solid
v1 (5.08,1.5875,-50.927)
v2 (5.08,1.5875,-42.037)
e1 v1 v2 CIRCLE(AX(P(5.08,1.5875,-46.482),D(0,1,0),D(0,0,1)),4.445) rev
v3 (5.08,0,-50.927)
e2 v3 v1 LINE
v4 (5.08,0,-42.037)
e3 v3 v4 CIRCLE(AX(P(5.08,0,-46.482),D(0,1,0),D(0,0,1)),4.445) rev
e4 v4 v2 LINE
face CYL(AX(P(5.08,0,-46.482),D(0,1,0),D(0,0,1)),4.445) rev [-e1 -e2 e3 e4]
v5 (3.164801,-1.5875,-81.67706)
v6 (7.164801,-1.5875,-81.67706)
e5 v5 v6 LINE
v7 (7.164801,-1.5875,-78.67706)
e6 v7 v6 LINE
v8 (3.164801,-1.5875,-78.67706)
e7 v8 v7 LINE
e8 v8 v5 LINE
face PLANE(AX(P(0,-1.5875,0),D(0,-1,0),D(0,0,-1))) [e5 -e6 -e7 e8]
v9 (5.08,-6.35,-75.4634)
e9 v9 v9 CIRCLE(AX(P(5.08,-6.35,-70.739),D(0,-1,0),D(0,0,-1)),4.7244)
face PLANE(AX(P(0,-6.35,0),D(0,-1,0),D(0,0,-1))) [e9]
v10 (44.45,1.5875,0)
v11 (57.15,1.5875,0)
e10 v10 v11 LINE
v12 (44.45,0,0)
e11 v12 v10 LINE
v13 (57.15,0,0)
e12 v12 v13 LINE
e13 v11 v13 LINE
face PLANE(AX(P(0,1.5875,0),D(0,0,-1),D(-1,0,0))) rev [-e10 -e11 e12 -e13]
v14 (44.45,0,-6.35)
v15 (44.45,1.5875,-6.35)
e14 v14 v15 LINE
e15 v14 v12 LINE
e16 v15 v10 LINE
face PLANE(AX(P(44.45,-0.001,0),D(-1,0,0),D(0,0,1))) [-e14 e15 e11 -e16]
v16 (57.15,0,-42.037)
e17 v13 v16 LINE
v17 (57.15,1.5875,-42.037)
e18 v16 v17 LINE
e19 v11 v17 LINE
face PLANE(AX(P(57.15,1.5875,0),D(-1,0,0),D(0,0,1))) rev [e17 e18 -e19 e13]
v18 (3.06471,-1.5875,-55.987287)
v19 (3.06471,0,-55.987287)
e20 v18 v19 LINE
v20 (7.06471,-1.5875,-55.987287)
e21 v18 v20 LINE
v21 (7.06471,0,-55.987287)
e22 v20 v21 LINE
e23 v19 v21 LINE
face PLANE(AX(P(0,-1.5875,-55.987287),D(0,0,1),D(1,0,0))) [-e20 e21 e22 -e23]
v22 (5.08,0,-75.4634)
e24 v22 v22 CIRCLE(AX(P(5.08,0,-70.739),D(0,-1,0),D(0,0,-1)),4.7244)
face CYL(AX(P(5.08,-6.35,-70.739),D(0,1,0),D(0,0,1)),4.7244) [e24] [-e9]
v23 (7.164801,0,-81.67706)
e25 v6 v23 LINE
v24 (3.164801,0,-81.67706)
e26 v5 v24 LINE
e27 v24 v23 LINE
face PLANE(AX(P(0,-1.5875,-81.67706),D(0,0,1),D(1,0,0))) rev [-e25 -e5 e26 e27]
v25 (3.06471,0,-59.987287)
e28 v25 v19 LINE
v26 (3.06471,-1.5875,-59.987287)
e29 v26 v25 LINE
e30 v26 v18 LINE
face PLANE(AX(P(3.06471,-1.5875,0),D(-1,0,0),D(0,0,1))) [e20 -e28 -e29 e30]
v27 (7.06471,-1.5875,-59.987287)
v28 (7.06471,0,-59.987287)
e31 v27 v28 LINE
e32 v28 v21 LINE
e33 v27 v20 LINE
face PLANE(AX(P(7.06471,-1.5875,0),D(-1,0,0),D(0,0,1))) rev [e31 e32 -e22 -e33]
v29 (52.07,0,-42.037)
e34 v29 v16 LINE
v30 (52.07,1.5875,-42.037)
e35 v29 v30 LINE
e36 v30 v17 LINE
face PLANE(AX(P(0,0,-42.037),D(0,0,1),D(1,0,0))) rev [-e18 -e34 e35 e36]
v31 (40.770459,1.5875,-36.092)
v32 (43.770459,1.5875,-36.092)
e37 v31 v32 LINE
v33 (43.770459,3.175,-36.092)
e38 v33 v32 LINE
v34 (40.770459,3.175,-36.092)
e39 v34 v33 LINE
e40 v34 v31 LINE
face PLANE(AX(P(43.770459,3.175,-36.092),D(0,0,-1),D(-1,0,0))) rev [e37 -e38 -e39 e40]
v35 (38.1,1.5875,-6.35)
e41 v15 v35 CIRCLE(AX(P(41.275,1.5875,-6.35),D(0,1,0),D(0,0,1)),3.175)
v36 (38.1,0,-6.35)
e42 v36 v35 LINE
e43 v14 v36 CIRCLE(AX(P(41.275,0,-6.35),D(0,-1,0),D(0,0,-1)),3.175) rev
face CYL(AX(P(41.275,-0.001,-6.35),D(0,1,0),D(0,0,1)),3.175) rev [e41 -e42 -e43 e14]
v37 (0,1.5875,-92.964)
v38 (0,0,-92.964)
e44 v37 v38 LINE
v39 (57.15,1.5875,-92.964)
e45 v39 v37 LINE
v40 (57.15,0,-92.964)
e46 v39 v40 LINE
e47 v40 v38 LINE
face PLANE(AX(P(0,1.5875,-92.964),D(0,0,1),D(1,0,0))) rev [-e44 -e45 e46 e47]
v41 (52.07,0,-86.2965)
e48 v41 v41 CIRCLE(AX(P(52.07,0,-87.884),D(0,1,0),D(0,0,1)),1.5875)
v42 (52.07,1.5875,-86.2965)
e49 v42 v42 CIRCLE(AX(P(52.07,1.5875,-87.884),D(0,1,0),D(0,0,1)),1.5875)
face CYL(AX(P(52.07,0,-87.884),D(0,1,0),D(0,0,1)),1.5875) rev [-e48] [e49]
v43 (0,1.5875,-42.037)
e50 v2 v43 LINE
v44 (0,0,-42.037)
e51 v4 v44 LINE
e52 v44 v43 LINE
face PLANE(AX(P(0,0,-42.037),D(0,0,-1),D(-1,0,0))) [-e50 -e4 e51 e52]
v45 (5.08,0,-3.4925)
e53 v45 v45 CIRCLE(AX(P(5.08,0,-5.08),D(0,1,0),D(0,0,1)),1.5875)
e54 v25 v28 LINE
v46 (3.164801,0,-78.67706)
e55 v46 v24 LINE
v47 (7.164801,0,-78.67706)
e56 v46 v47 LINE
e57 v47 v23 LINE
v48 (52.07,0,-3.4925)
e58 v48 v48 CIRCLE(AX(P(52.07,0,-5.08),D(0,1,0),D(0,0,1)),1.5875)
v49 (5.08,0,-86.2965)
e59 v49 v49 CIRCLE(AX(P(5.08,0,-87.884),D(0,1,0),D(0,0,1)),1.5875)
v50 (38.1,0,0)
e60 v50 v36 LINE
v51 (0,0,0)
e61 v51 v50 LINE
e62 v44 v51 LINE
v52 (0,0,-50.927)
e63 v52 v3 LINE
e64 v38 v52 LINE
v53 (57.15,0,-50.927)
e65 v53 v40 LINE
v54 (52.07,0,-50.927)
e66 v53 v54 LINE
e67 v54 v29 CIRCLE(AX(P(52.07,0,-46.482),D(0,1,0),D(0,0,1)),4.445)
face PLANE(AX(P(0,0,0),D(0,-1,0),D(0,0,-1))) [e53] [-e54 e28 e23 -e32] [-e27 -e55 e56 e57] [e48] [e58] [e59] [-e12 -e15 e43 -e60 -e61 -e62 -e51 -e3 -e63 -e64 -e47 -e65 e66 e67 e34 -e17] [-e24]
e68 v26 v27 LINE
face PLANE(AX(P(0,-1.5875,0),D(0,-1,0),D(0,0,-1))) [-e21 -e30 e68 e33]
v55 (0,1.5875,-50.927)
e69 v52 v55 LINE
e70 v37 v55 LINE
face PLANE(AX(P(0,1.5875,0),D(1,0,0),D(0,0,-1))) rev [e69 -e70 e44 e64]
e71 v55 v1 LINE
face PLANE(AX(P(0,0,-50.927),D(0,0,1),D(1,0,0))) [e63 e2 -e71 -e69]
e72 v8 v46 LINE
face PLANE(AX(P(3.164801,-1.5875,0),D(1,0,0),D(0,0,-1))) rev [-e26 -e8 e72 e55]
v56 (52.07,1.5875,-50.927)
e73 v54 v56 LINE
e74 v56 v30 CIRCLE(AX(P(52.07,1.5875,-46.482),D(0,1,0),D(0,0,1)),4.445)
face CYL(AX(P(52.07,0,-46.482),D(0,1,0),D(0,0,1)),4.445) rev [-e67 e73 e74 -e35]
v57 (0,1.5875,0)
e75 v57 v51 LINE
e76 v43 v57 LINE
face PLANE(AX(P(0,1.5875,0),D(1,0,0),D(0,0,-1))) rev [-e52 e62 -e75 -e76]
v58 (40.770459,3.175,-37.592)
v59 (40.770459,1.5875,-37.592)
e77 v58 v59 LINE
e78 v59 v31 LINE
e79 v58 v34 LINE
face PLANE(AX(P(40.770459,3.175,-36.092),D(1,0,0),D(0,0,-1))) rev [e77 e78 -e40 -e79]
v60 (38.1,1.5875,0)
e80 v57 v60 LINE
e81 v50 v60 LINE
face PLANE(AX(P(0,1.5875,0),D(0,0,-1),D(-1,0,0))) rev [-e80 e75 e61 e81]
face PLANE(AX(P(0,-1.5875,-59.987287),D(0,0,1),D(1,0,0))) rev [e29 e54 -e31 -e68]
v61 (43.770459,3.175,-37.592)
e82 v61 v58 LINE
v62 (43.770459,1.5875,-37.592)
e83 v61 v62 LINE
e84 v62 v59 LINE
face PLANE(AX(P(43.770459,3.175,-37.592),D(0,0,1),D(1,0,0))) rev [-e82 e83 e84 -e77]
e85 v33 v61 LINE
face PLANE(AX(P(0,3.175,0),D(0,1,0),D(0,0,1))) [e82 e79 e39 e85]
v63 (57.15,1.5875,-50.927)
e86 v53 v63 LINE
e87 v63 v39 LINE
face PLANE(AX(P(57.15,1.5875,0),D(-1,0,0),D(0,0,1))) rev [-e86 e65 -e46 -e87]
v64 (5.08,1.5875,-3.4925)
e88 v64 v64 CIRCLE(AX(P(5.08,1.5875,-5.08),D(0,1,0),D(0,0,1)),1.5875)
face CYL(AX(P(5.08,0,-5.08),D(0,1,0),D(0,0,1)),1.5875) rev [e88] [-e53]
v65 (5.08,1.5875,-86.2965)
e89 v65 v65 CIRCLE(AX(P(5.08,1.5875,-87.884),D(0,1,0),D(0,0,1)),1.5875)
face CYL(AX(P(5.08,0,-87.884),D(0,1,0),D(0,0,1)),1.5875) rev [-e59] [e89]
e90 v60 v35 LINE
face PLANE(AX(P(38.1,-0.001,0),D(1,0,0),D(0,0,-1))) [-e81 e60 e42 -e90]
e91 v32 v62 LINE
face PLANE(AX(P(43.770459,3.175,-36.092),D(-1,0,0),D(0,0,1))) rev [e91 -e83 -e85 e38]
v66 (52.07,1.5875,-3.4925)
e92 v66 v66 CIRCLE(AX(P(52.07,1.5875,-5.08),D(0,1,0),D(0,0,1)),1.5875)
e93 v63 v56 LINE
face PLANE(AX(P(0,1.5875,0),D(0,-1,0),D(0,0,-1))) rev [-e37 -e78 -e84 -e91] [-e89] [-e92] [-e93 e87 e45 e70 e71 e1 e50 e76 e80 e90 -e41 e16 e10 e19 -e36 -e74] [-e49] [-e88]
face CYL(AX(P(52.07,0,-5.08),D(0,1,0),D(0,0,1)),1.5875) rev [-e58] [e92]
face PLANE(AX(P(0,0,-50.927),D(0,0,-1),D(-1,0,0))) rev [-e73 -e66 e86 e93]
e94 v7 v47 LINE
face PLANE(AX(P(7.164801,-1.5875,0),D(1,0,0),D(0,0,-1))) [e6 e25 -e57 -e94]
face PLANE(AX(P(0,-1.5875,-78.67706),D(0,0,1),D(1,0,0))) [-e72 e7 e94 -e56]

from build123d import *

# Parameters (mm, degrees)
SKETCH1_W           = 57.15
SKETCH1_H           = 92.964
BOSS_EXTRUDE1_DEPTH = 1.5875
SKETCH2_R           = 1.5875
CUT_EXTRUDE1_DEPTH  = 110.137289467
SKETCH3_R           = 4.445
CUT_EXTRUDE2_DEPTH  = 110.137289467
CUT_EXTRUDE3_REACH  = 111.137
SKETCH5_R           = 4.7244
BOSS_EXTRUDE2_DEPTH = 6.35
SKETCH5_3_W         = 4
SKETCH5_3_H         = 4
SKETCH5_3_H_2       = 3
BOSS_EXTRUDE3_DEPTH = 1.5875
SKETCH7_W           = 3
SKETCH7_H           = 1.5
BOSS_EXTRUDE4_DEPTH = 1.5875


with BuildPart() as part:
    # Sketch1 → Boss-Extrude1 (new body)
    with BuildSketch(Plane(origin=(0, 0, 0), x_dir=(1, 0, 0), z_dir=(0, 1, 0))):
        with Locations((28.575, 46.482)):
            Rectangle(SKETCH1_W, SKETCH1_H)
    extrude(amount=BOSS_EXTRUDE1_DEPTH)

    # Sketch2 → Cut-Extrude1 (cut, through all)
    with BuildSketch(Plane(origin=(0, 1.5875, 0), x_dir=(1, 0, 0), z_dir=(0, 1, 0))):
        with Locations(Location((5.08, 87.884, 0), (0, 0, 270))):
            Circle(SKETCH2_R)
        with Locations(Location((52.07, 87.884, 0), (0, 0, 270))):
            Circle(SKETCH2_R)
        with Locations(Location((5.08, 5.08, 0), (0, 0, 270))):
            Circle(SKETCH2_R)
        with Locations(Location((52.07, 5.08, 0), (0, 0, 270))):
            Circle(SKETCH2_R)
    extrude(amount=-CUT_EXTRUDE1_DEPTH, mode=Mode.SUBTRACT)

    # Sketch3 → Cut-Extrude2 (cut, through all)
    with BuildSketch(Plane(origin=(0, 1.5875, 0), x_dir=(1, 0, 0), z_dir=(0, 1, 0))):
        with BuildLine():
            ThreePointArc((56.515, 46.482), (55.213089642, 43.338910358), (52.07, 42.037))
            Line((52.07, 42.037), (57.15, 42.037))
            Line((57.15, 42.037), (57.15, 50.927))
            Line((57.15, 50.927), (52.07, 50.927))
            ThreePointArc((52.07, 50.927), (55.213089642, 49.625089642), (56.515, 46.482))
        make_face()
        with Locations((52.07, 46.482)):
            Circle(SKETCH3_R)
        with Locations((5.08, 46.482)):
            Circle(SKETCH3_R)
        with BuildLine():
            Line((5.08, 50.927), (0, 50.927))
            Line((0, 50.927), (0, 42.037))
            Line((0, 42.037), (5.08, 42.037))
            ThreePointArc((5.08, 42.037), (0.635, 46.482), (5.08, 50.927))
        make_face()
    extrude(amount=-CUT_EXTRUDE2_DEPTH, mode=Mode.SUBTRACT)

    # Sketch4 → Cut-Extrude3 (cut, up to next)
    with BuildSketch(Plane(origin=(0, 1.5875, 0), x_dir=(1, 0, 0), z_dir=(0, 1, 0)), mode=Mode.PRIVATE) as cut_extrude3_sk1:
        with BuildLine():
            ThreePointArc((41.275, 3.175), (43.52006403, 4.10493597), (44.45, 6.35))
            ThreePointArc((44.45, 6.35), (43.52006403, 8.59506403), (41.275, 9.525))
            Line((41.275, 9.525), (41.275, 3.175))
        make_face()
    cut_extrude3_tool1 = extrude(cut_extrude3_sk1.sketch, amount=-CUT_EXTRUDE3_REACH, mode=Mode.PRIVATE) & part.part
    # Sketch4 → Cut-Extrude3 (cut, up to next)
    with BuildSketch(Plane(origin=(0, 1.5875, 0), x_dir=(1, 0, 0), z_dir=(0, 1, 0)), mode=Mode.PRIVATE) as cut_extrude3_sk2:
        with BuildLine():
            Line((41.275, 3.175), (41.275, 9.525))
            ThreePointArc((41.275, 9.525), (39.02993597, 8.59506403), (38.1, 6.35))
            ThreePointArc((38.1, 6.35), (39.02993597, 4.10493597), (41.275, 3.175))
        make_face()
    cut_extrude3_tool2 = extrude(cut_extrude3_sk2.sketch, amount=-CUT_EXTRUDE3_REACH, mode=Mode.PRIVATE) & part.part
    # Sketch4 → Cut-Extrude3 (cut, up to next)
    with BuildSketch(Plane(origin=(0, 1.5875, 0), x_dir=(1, 0, 0), z_dir=(0, 1, 0)), mode=Mode.PRIVATE) as cut_extrude3_sk3:
        with BuildLine():
            ThreePointArc((41.275, 3.175), (43.52006403, 4.10493597), (44.45, 6.35))
            ThreePointArc((44.45, 6.35), (43.52006403, 8.59506403), (41.275, 9.525))
            Line((41.275, 9.525), (41.275, 3.175))
        make_face()
    cut_extrude3_tool3 = extrude(cut_extrude3_sk3.sketch, amount=-CUT_EXTRUDE3_REACH, mode=Mode.PRIVATE) & part.part
    # Sketch4 → Cut-Extrude3 (cut, up to next)
    with BuildSketch(Plane(origin=(0, 1.5875, 0), x_dir=(1, 0, 0), z_dir=(0, 1, 0)), mode=Mode.PRIVATE) as cut_extrude3_sk4:
        with BuildLine():
            Line((41.275, 3.175), (41.275, 9.525))
            ThreePointArc((41.275, 9.525), (39.02993597, 8.59506403), (38.1, 6.35))
            ThreePointArc((38.1, 6.35), (39.02993597, 4.10493597), (41.275, 3.175))
        make_face()
    cut_extrude3_tool4 = extrude(cut_extrude3_sk4.sketch, amount=-CUT_EXTRUDE3_REACH, mode=Mode.PRIVATE) & part.part
    # Sketch4 → Cut-Extrude3 (cut, up to next)
    with BuildSketch(Plane(origin=(0, 1.5875, 0), x_dir=(1, 0, 0), z_dir=(0, 1, 0)), mode=Mode.PRIVATE) as cut_extrude3_sk5:
        with BuildLine():
            Line((41.275, 0), (41.275, 3.175))
            ThreePointArc((41.275, 3.175), (39.02993597, 4.10493597), (38.1, 6.35))
            Line((38.1, 6.35), (38.1, 0))
            Line((38.1, 0), (41.275, 0))
        make_face()
    cut_extrude3_tool5 = extrude(cut_extrude3_sk5.sketch, amount=-CUT_EXTRUDE3_REACH, mode=Mode.PRIVATE) & part.part
    # Sketch4 → Cut-Extrude3 (cut, up to next)
    with BuildSketch(Plane(origin=(0, 1.5875, 0), x_dir=(1, 0, 0), z_dir=(0, 1, 0)), mode=Mode.PRIVATE) as cut_extrude3_sk6:
        with BuildLine():
            Line((44.45, 0), (44.45, 6.35))
            ThreePointArc((44.45, 6.35), (43.52006403, 4.10493597), (41.275, 3.175))
            Line((41.275, 3.175), (41.275, 0))
            Line((41.275, 0), (44.45, 0))
        make_face()
    cut_extrude3_tool6 = extrude(cut_extrude3_sk6.sketch, amount=-CUT_EXTRUDE3_REACH, mode=Mode.PRIVATE) & part.part
    add(cut_extrude3_tool1.solids().sort_by_distance((42.622512, 1.5875, -6.35))[0], mode=Mode.SUBTRACT)
    add(cut_extrude3_tool2.solids().sort_by_distance((39.927488, 1.5875, -6.35))[0], mode=Mode.SUBTRACT)
    add(cut_extrude3_tool3.solids().sort_by_distance((42.622512, 1.5875, -6.35))[0], mode=Mode.SUBTRACT)
    add(cut_extrude3_tool4.solids().sort_by_distance((39.927488, 1.5875, -6.35))[0], mode=Mode.SUBTRACT)
    add(cut_extrude3_tool5.solids().sort_by_distance((39.532316, 1.5875, -1.993291))[0], mode=Mode.SUBTRACT)
    add(cut_extrude3_tool6.solids().sort_by_distance((43.017684, 1.5875, -1.993291))[0], mode=Mode.SUBTRACT)

    # Sketch5 → Boss-Extrude2 (add)
    with BuildSketch(Plane.XZ):
        with Locations(Location((5.08, -70.739, 0), (0, 0, 270))):
            Circle(SKETCH5_R)
    extrude(amount=BOSS_EXTRUDE2_DEPTH)

    # Sketch5<3> → Boss-Extrude3 (add)
    with BuildSketch(Plane.XZ):
        with Locations((5.064710223, -57.987286883)):
            Rectangle(SKETCH5_3_W, SKETCH5_3_H)
        with Locations((5.164801178, -80.177059989)):
            Rectangle(SKETCH5_3_W, SKETCH5_3_H_2)
    extrude(amount=BOSS_EXTRUDE3_DEPTH)

    # Sketch7 → Boss-Extrude4 (add)
    with BuildSketch(Plane(origin=(0, 1.5875, 0), x_dir=(1, 0, 0), z_dir=(0, 1, 0))):
        with Locations((42.270458801, 36.842)):
            Rectangle(SKETCH7_W, SKETCH7_H)
    extrude(amount=BOSS_EXTRUDE4_DEPTH)


solid = part.part
